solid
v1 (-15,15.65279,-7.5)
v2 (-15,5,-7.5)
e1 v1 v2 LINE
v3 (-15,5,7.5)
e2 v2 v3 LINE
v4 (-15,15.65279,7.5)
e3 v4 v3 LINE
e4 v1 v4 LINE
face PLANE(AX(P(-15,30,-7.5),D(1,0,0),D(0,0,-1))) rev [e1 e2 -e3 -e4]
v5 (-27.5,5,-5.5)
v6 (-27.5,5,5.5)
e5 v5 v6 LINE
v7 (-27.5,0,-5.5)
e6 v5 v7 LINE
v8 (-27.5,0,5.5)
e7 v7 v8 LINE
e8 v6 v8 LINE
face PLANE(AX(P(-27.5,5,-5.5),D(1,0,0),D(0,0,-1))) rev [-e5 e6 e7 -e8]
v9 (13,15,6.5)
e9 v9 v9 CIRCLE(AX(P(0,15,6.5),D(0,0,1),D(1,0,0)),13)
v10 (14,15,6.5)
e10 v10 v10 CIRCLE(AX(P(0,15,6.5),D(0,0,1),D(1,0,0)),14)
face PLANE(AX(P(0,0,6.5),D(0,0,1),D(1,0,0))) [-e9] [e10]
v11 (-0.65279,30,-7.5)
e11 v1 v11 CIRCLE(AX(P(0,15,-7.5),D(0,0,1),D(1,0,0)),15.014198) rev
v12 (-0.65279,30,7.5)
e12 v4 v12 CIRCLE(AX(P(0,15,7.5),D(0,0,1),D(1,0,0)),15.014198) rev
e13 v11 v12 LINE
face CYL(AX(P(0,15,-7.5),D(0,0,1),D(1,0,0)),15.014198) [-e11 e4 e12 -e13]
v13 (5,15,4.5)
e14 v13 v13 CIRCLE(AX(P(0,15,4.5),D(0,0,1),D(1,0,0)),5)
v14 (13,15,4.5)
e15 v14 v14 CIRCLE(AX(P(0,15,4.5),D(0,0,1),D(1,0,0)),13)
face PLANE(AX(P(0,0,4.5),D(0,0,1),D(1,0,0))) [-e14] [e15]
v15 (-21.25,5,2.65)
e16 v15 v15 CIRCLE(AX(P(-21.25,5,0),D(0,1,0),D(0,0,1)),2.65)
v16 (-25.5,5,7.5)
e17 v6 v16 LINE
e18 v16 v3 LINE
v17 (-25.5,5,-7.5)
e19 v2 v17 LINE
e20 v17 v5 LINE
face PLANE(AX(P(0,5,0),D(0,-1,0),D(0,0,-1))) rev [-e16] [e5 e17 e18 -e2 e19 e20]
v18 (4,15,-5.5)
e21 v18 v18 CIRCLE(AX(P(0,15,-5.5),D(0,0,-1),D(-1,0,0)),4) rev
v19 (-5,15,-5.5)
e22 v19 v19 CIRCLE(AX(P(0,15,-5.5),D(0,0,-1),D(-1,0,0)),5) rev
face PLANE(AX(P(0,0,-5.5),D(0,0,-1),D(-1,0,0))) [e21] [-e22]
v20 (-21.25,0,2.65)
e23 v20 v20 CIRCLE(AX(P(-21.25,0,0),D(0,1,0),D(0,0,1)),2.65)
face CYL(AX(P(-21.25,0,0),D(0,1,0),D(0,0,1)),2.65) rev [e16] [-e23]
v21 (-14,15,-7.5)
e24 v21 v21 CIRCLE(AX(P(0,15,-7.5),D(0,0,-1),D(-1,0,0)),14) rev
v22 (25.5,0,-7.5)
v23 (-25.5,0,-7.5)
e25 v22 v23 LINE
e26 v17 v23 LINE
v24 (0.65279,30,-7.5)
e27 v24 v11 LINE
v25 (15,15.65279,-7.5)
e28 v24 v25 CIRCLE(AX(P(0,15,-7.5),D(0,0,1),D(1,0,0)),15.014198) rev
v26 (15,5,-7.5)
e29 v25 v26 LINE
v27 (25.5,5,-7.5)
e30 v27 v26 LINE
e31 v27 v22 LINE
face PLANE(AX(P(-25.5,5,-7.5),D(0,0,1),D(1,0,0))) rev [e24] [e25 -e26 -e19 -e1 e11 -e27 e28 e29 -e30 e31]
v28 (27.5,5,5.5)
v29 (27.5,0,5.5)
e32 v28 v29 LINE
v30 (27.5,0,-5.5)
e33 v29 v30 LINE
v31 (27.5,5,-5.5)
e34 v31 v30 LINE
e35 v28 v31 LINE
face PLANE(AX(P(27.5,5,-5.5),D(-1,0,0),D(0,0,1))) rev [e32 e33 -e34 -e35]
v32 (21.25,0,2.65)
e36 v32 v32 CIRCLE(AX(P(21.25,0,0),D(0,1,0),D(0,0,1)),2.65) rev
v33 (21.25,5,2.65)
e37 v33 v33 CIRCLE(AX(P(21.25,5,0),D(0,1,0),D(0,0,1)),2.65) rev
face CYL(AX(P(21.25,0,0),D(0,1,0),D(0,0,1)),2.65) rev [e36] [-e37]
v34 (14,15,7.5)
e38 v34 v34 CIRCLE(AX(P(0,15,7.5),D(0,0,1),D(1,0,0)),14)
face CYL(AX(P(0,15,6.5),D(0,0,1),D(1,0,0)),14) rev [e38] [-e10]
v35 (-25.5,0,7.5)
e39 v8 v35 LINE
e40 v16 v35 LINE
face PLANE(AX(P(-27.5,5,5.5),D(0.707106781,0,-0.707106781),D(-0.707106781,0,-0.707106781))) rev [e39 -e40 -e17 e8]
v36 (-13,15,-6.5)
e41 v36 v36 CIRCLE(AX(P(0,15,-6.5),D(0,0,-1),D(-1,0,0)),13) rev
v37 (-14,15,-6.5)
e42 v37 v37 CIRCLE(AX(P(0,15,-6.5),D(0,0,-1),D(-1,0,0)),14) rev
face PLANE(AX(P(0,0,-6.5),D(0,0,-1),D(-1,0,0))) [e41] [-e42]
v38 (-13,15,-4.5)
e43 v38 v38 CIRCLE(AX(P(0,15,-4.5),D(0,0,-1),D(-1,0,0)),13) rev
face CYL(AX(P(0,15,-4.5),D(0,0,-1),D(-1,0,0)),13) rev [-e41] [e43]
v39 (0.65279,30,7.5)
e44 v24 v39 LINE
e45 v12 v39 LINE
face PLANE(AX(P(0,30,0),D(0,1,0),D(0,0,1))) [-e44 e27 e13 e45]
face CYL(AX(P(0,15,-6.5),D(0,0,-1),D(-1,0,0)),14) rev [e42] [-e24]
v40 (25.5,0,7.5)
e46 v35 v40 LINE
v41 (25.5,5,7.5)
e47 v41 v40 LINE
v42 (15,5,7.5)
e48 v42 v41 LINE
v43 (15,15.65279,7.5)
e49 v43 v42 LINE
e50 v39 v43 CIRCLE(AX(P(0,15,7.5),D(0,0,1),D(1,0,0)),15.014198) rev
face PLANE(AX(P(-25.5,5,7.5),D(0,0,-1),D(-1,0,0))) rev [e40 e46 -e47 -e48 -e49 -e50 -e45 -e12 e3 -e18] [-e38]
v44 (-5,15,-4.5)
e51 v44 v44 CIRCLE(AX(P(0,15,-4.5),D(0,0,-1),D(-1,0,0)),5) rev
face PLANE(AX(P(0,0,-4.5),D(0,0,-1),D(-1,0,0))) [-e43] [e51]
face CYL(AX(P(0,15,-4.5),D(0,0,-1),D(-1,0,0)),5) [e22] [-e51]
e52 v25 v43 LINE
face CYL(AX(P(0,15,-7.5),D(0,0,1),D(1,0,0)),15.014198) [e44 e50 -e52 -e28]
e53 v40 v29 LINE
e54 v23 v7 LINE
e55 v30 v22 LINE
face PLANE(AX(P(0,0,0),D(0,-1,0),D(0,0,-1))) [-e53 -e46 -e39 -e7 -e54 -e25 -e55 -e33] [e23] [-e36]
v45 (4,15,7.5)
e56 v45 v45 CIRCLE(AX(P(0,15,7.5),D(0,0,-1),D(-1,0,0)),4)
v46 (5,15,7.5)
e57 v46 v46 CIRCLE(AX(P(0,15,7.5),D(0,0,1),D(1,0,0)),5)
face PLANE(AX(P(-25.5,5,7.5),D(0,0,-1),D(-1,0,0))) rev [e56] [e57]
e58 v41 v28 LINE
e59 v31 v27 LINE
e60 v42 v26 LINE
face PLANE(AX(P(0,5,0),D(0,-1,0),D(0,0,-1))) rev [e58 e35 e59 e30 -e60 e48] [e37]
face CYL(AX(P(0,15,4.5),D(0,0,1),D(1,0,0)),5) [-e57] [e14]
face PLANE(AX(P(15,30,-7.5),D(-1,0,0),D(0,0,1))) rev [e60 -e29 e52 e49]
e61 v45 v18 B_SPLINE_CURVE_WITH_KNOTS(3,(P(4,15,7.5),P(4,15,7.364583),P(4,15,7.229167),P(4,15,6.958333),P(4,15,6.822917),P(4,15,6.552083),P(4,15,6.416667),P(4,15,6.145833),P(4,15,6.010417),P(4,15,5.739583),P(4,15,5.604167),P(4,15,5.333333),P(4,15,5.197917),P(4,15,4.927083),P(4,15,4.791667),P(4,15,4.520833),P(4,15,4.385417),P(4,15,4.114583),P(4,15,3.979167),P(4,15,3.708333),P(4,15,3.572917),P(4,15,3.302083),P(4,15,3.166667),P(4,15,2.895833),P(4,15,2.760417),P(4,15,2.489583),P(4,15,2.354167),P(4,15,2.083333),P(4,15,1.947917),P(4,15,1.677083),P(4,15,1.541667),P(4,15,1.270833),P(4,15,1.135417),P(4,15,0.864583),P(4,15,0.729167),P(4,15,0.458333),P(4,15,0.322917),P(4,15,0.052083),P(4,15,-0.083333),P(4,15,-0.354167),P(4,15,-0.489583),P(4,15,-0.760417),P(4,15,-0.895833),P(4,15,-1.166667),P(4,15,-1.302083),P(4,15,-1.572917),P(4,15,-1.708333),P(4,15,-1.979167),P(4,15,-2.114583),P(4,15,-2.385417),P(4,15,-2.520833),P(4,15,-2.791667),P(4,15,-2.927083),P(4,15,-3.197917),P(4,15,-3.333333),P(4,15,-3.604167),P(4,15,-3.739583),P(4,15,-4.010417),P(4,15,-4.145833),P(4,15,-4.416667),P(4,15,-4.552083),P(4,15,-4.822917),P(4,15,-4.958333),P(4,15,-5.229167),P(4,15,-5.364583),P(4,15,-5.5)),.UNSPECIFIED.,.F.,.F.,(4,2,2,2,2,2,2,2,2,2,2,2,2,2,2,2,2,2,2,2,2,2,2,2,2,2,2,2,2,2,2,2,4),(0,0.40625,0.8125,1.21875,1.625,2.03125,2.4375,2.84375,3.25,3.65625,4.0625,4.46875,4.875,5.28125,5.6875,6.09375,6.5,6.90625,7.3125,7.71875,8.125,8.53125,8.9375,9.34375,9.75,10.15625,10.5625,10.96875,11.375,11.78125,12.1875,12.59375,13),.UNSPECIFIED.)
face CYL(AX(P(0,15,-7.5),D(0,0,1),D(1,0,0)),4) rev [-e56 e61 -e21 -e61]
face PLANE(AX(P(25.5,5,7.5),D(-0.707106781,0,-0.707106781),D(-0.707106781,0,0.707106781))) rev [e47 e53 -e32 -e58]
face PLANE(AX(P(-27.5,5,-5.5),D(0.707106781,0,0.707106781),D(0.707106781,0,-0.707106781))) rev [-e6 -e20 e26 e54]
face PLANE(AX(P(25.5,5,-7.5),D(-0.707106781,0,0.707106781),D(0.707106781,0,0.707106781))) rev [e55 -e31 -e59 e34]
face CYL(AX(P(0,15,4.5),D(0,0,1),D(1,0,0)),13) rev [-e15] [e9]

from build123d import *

# Parameters (mm, degrees)
BOSS_EXTRUDE1_DEPTH     = 5
SKETCH2_W               = 30
SKETCH2_H               = 15
BOSS_EXTRUDE2_DEPTH     = 25
CUT_EXTRUDE1_DEPTH      = 44.373378932
SKETCH3_3_R             = 14
SKETCH3_3_R_2           = 13
CUT_EXTRUDE2_DEPTH      = 1
CUT_EXTRUDE3_DEPTH      = 44.373378932
CUT_EXTRUDE3_DEPTH_BACK = 44.373378932
SKETCH3_4_R             = 4
SKETCH3_5_R             = 13
SKETCH3_5_R_2           = 5
CUT_EXTRUDE4_DEPTH      = 3
CUT_EXTRUDE5_START      = 3
SKETCH5_R               = 13
SKETCH5_R_2             = 5
CUT_EXTRUDE5_DEPTH      = 3
CUT_EXTRUDE8_START      = 1
SKETCH5_8_R             = 14
SKETCH5_8_R_2           = 13
CUT_EXTRUDE8_DEPTH      = 1
CUT_EXTRUDE9_START      = 2
SKETCH5_9_R             = 5
SKETCH5_9_R_2           = 4
CUT_EXTRUDE9_DEPTH      = 2
SKETCH6_R               = 2.65
CUT_EXTRUDE10_DEPTH     = 38.91437722


with BuildPart() as part:
    # Sketch1 → Boss-Extrude1 (new body)
    with BuildSketch(Plane(origin=(0, 0, 0), x_dir=(1, 0, 0), z_dir=(0, 1, 0))):
        Polygon((25.5, 7.5), (27.5, 5.5), (27.5, -5.5), (25.5, -7.5), (-25.5, -7.5), (-27.5, -5.5), (-27.5, 5.5), (-25.5, 7.5), align=None)
    extrude(amount=BOSS_EXTRUDE1_DEPTH)

    # Sketch2 → Boss-Extrude2 (add)
    with BuildSketch(Plane(origin=(0, 5, 0), x_dir=(1, 0, 0), z_dir=(0, 1, 0))):
        Rectangle(SKETCH2_W, SKETCH2_H)
    extrude(amount=BOSS_EXTRUDE2_DEPTH)

    # Sketch3 → Cut-Extrude1 (cut, through all)
    with BuildSketch(Plane.XY.offset(7.5)):
        with BuildLine():
            Line((-15, 30), (-15, 15.652790041))
            ThreePointArc((-15, 15.652790041), (-10.616641061, 25.616641061), (-0.652790041, 30))
            Line((-0.652790041, 30), (-15, 30))
        make_face()
        with BuildLine():
            ThreePointArc((0.652790041, 30), (10.616641061, 25.616641061), (15, 15.652790041))
            Line((15, 15.652790041), (15, 30))
            Line((15, 30), (0.652790041, 30))
        make_face()
    extrude(amount=-CUT_EXTRUDE1_DEPTH, mode=Mode.SUBTRACT)

    # Sketch3<3> → Cut-Extrude2 (cut)
    with BuildSketch(Plane.XY.offset(7.5)):
        with Locations((0, 15)):
            Circle(SKETCH3_3_R)
        with Locations((0, 15)):
            Circle(SKETCH3_3_R_2, mode=Mode.SUBTRACT)
    extrude(amount=-CUT_EXTRUDE2_DEPTH, mode=Mode.SUBTRACT)

    # Sketch3<4> → Cut-Extrude3 (cut, two sides: drawn at the far end of the back side and taken through both)
    with BuildSketch(Plane.XY.offset(7.5).offset(-CUT_EXTRUDE3_DEPTH_BACK)):
        with Locations((0, 15)):
            Circle(SKETCH3_4_R)
    extrude(amount=CUT_EXTRUDE3_DEPTH + CUT_EXTRUDE3_DEPTH_BACK, mode=Mode.SUBTRACT)

    # Sketch3<5> → Cut-Extrude4 (cut)
    with BuildSketch(Plane.XY.offset(7.5)):
        with Locations((0, 15)):
            Circle(SKETCH3_5_R)
        with Locations((0, 15)):
            Circle(SKETCH3_5_R_2, mode=Mode.SUBTRACT)
    extrude(amount=-CUT_EXTRUDE4_DEPTH, mode=Mode.SUBTRACT)

    # Sketch5 → Cut-Extrude5 (cut)
    with BuildSketch(Plane.XY.offset(-7.5).offset(CUT_EXTRUDE5_START)):
        with Locations((0, 15)):
            Circle(SKETCH5_R)
        with Locations((0, 15)):
            Circle(SKETCH5_R_2, mode=Mode.SUBTRACT)
    extrude(amount=-CUT_EXTRUDE5_DEPTH, mode=Mode.SUBTRACT)

    # Sketch5<8> → Cut-Extrude8 (cut)
    with BuildSketch(Plane.XY.offset(-7.5).offset(CUT_EXTRUDE8_START)):
        with Locations((0, 15)):
            Circle(SKETCH5_8_R)
        with Locations(Location((0, 15, 0), (0, 0, 180))):
            Circle(SKETCH5_8_R_2, mode=Mode.SUBTRACT)
    extrude(amount=-CUT_EXTRUDE8_DEPTH, mode=Mode.SUBTRACT)

    # Sketch5<9> → Cut-Extrude9 (cut)
    with BuildSketch(Plane.XY.offset(-7.5).offset(CUT_EXTRUDE9_START)):
        with Locations(Location((0, 15, 0), (0, 0, 180))):
            Circle(SKETCH5_9_R)
        with Locations((0, 15)):
            Circle(SKETCH5_9_R_2, mode=Mode.SUBTRACT)
    extrude(amount=-CUT_EXTRUDE9_DEPTH, mode=Mode.SUBTRACT)

    # Sketch6 → Cut-Extrude10 (cut, through all)
    with BuildSketch(Plane(origin=(0, 5, 0), x_dir=(1, 0, 0), z_dir=(0, 1, 0))):
        with Locations(Location((-21.25, 0, 0), (0, 0, 270))):
            Circle(SKETCH6_R)
        with Locations(Location((21.25, 0, 0), (0, 0, 270))):
            Circle(SKETCH6_R)
    extrude(amount=-CUT_EXTRUDE10_DEPTH, mode=Mode.SUBTRACT)


solid = part.part
